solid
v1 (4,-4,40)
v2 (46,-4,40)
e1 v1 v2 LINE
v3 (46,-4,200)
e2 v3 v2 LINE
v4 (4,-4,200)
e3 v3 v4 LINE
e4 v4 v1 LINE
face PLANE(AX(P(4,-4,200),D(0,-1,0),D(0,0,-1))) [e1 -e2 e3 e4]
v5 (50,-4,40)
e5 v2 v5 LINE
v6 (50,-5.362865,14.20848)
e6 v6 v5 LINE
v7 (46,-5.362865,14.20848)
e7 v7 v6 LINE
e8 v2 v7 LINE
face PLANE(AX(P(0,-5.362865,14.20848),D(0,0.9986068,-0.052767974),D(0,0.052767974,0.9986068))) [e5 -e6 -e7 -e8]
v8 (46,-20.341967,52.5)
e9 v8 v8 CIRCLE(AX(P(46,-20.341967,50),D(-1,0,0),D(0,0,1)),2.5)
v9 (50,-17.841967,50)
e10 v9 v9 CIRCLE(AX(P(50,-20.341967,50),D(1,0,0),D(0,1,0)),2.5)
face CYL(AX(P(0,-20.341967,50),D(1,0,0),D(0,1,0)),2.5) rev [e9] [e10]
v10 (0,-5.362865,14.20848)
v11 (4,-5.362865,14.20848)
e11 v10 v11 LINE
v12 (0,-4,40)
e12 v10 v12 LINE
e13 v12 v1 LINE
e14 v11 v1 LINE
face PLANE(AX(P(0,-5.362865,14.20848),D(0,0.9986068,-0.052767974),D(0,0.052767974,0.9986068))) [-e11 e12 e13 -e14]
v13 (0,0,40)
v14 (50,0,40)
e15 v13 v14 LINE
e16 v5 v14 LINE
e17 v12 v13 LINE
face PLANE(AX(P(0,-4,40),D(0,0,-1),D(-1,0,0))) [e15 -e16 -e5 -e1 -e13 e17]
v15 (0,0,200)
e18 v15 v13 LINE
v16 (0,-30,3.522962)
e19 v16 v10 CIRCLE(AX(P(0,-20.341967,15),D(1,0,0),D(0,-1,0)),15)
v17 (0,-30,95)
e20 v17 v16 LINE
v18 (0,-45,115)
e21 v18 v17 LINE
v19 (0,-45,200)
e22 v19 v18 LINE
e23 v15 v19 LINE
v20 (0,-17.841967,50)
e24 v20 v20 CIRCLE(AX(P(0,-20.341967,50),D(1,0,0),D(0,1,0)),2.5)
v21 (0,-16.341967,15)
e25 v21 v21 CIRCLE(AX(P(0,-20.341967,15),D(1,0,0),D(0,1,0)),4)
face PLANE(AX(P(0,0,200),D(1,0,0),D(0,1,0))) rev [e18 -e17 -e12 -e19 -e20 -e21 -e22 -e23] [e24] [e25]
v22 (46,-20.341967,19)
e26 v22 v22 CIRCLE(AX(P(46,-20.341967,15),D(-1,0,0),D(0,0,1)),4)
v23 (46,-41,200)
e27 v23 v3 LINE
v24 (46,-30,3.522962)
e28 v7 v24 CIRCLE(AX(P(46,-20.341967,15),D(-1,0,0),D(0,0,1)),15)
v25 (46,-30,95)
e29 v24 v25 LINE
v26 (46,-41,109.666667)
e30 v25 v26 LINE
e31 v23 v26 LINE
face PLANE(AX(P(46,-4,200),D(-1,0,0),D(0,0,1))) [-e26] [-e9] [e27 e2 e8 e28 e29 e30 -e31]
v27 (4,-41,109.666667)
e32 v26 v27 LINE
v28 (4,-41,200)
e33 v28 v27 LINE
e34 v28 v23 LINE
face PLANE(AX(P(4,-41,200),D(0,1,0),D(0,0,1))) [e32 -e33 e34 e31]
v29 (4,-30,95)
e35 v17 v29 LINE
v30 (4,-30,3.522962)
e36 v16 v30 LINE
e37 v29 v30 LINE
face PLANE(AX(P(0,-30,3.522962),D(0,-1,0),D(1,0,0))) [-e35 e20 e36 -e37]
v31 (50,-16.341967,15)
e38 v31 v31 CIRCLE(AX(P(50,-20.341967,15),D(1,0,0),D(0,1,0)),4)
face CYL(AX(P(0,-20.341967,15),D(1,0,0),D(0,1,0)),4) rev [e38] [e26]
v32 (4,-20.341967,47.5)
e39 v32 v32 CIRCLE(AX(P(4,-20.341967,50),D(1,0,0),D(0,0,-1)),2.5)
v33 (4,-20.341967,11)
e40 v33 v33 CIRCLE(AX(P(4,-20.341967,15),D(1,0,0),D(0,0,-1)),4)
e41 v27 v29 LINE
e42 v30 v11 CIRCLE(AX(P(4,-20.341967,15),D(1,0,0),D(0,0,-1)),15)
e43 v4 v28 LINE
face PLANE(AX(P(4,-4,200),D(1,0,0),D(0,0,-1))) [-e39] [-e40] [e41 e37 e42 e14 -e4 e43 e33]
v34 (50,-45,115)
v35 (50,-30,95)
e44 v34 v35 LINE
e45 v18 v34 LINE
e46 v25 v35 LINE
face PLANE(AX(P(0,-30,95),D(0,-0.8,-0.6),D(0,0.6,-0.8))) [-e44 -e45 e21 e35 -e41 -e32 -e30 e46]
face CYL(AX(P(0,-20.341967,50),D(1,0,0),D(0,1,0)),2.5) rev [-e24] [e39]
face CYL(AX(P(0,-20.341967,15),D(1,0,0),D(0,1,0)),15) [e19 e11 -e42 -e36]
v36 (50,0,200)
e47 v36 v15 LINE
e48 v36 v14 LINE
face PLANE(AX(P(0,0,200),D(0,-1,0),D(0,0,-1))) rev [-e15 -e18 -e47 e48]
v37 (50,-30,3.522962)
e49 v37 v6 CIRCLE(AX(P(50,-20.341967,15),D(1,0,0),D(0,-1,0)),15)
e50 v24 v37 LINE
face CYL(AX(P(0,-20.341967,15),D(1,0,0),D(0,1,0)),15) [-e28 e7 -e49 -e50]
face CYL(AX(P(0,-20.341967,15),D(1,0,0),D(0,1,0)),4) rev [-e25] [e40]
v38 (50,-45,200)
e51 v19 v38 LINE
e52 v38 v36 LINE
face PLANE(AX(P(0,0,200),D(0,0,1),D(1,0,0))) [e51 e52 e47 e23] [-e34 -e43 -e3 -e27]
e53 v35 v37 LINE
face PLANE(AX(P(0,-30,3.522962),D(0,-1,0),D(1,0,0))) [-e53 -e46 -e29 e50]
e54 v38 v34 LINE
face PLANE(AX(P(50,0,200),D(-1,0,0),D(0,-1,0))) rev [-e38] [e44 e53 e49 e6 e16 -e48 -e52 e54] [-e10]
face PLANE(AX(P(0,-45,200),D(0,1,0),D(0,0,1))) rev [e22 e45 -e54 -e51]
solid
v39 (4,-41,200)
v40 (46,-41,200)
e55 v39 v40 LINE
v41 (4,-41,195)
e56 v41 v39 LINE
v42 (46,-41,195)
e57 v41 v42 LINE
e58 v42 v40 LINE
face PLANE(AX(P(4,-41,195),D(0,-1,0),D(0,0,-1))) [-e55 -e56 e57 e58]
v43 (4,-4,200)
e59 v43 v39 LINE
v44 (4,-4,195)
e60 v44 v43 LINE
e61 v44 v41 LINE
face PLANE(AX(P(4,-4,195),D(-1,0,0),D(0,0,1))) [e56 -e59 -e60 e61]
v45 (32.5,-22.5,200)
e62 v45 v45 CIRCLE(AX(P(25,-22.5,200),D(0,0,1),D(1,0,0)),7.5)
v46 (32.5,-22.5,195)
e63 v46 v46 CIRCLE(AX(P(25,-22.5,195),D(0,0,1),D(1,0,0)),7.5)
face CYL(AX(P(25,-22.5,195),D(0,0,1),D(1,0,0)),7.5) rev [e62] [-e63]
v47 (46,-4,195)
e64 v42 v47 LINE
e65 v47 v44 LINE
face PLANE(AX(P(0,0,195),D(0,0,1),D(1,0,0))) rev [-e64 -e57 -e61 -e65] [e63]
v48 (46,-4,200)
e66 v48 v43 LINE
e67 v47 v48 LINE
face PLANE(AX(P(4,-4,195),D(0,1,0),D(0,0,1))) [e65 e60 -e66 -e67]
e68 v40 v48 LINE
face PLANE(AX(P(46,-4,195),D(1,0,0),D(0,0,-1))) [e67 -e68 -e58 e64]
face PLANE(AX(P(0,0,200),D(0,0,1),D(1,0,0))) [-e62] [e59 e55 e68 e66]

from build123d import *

# Parameters (mm, degrees)
SKETCH_1_W           = 50
SKETCH_1_H           = 45
SKETCH_1_W_2         = 42
SKETCH_1_H_2         = 37
EXTRUDE_1_DEPTH      = 200
SKETCH_2_OUTSIDE_W   = 244.202
SKETCH_2_OUTSIDE_H   = 89.202
SKETCH_2_OUTSIDE_R   = 2.5
SKETCH_2_OUTSIDE_R_2 = 4
CUT_EXTRUDE_1_DEPTH  = 212.00947846
SKETCH_3_W           = 42
SKETCH_3_H           = 37
SKETCH_3_R           = 7.5
EXTRUDE_2_DEPTH      = 5


with BuildPart() as part:
    # ｽｹｯﾁ1 → ﾎﾞｽ - 押し出し1 (new body)
    with BuildSketch(Plane.XY):
        with Locations((25, -22.5)):
            Rectangle(SKETCH_1_W, SKETCH_1_H)
        with Locations((25, -22.5)):
            Rectangle(SKETCH_1_W_2, SKETCH_1_H_2, mode=Mode.SUBTRACT)
    extrude(amount=EXTRUDE_1_DEPTH)

    # ｽｹｯﾁ2 outside → ｶｯﾄ - 押し出し1 (cut, through all)
    # profile 1 of 3: a face of its own
    with BuildSketch(Plane(origin=(50, 0, 0), x_dir=(0, 0, -1), z_dir=(1, 0, 0))):
        with Locations((-100, -22.5)):
            Rectangle(SKETCH_2_OUTSIDE_W, SKETCH_2_OUTSIDE_H)
        with BuildLine():
            Line((-3.522962143, -30), (-95, -30))
            Line((-95, -30), (-115, -45))
            Line((-115, -45), (-200, -45))
            Line((-200, -45), (-200, 0))
            Line((-200, 0), (-40, 0))
            Line((-40, 0), (-40, -4))
            Line((-40, -4), (-14.208480396, -5.362864969))
            ThreePointArc((-14.208480396, -5.362864969), (-1.238587239, -14.373422856), (-3.522962143, -30))
        make_face(mode=Mode.SUBTRACT)
    # profile 2 of 3: a face of its own
    with BuildSketch(Plane(origin=(50, 0, 0), x_dir=(0, 0, -1), z_dir=(1, 0, 0))):
        with Locations(Location((-50, -20.341966968, 0), (0, 0, 90))):
            Circle(SKETCH_2_OUTSIDE_R)
    # profile 3 of 3: a face of its own
    with BuildSketch(Plane(origin=(50, 0, 0), x_dir=(0, 0, -1), z_dir=(1, 0, 0))):
        with Locations(Location((-15, -20.341966968, 0), (0, 0, 90))):
            Circle(SKETCH_2_OUTSIDE_R_2)
    extrude(amount=-CUT_EXTRUDE_1_DEPTH, mode=Mode.SUBTRACT)


with BuildPart() as body_2:
    # ｽｹｯﾁ3 → ﾎﾞｽ - 押し出し2 (new body)
    with BuildSketch(Plane.XY.offset(200)):
        with Locations((25, -22.5)):
            Rectangle(SKETCH_3_W, SKETCH_3_H)
        with Locations((25, -22.5)):
            Circle(SKETCH_3_R, mode=Mode.SUBTRACT)
    extrude(amount=-EXTRUDE_2_DEPTH)


solid = Compound([part.part, body_2.part])
